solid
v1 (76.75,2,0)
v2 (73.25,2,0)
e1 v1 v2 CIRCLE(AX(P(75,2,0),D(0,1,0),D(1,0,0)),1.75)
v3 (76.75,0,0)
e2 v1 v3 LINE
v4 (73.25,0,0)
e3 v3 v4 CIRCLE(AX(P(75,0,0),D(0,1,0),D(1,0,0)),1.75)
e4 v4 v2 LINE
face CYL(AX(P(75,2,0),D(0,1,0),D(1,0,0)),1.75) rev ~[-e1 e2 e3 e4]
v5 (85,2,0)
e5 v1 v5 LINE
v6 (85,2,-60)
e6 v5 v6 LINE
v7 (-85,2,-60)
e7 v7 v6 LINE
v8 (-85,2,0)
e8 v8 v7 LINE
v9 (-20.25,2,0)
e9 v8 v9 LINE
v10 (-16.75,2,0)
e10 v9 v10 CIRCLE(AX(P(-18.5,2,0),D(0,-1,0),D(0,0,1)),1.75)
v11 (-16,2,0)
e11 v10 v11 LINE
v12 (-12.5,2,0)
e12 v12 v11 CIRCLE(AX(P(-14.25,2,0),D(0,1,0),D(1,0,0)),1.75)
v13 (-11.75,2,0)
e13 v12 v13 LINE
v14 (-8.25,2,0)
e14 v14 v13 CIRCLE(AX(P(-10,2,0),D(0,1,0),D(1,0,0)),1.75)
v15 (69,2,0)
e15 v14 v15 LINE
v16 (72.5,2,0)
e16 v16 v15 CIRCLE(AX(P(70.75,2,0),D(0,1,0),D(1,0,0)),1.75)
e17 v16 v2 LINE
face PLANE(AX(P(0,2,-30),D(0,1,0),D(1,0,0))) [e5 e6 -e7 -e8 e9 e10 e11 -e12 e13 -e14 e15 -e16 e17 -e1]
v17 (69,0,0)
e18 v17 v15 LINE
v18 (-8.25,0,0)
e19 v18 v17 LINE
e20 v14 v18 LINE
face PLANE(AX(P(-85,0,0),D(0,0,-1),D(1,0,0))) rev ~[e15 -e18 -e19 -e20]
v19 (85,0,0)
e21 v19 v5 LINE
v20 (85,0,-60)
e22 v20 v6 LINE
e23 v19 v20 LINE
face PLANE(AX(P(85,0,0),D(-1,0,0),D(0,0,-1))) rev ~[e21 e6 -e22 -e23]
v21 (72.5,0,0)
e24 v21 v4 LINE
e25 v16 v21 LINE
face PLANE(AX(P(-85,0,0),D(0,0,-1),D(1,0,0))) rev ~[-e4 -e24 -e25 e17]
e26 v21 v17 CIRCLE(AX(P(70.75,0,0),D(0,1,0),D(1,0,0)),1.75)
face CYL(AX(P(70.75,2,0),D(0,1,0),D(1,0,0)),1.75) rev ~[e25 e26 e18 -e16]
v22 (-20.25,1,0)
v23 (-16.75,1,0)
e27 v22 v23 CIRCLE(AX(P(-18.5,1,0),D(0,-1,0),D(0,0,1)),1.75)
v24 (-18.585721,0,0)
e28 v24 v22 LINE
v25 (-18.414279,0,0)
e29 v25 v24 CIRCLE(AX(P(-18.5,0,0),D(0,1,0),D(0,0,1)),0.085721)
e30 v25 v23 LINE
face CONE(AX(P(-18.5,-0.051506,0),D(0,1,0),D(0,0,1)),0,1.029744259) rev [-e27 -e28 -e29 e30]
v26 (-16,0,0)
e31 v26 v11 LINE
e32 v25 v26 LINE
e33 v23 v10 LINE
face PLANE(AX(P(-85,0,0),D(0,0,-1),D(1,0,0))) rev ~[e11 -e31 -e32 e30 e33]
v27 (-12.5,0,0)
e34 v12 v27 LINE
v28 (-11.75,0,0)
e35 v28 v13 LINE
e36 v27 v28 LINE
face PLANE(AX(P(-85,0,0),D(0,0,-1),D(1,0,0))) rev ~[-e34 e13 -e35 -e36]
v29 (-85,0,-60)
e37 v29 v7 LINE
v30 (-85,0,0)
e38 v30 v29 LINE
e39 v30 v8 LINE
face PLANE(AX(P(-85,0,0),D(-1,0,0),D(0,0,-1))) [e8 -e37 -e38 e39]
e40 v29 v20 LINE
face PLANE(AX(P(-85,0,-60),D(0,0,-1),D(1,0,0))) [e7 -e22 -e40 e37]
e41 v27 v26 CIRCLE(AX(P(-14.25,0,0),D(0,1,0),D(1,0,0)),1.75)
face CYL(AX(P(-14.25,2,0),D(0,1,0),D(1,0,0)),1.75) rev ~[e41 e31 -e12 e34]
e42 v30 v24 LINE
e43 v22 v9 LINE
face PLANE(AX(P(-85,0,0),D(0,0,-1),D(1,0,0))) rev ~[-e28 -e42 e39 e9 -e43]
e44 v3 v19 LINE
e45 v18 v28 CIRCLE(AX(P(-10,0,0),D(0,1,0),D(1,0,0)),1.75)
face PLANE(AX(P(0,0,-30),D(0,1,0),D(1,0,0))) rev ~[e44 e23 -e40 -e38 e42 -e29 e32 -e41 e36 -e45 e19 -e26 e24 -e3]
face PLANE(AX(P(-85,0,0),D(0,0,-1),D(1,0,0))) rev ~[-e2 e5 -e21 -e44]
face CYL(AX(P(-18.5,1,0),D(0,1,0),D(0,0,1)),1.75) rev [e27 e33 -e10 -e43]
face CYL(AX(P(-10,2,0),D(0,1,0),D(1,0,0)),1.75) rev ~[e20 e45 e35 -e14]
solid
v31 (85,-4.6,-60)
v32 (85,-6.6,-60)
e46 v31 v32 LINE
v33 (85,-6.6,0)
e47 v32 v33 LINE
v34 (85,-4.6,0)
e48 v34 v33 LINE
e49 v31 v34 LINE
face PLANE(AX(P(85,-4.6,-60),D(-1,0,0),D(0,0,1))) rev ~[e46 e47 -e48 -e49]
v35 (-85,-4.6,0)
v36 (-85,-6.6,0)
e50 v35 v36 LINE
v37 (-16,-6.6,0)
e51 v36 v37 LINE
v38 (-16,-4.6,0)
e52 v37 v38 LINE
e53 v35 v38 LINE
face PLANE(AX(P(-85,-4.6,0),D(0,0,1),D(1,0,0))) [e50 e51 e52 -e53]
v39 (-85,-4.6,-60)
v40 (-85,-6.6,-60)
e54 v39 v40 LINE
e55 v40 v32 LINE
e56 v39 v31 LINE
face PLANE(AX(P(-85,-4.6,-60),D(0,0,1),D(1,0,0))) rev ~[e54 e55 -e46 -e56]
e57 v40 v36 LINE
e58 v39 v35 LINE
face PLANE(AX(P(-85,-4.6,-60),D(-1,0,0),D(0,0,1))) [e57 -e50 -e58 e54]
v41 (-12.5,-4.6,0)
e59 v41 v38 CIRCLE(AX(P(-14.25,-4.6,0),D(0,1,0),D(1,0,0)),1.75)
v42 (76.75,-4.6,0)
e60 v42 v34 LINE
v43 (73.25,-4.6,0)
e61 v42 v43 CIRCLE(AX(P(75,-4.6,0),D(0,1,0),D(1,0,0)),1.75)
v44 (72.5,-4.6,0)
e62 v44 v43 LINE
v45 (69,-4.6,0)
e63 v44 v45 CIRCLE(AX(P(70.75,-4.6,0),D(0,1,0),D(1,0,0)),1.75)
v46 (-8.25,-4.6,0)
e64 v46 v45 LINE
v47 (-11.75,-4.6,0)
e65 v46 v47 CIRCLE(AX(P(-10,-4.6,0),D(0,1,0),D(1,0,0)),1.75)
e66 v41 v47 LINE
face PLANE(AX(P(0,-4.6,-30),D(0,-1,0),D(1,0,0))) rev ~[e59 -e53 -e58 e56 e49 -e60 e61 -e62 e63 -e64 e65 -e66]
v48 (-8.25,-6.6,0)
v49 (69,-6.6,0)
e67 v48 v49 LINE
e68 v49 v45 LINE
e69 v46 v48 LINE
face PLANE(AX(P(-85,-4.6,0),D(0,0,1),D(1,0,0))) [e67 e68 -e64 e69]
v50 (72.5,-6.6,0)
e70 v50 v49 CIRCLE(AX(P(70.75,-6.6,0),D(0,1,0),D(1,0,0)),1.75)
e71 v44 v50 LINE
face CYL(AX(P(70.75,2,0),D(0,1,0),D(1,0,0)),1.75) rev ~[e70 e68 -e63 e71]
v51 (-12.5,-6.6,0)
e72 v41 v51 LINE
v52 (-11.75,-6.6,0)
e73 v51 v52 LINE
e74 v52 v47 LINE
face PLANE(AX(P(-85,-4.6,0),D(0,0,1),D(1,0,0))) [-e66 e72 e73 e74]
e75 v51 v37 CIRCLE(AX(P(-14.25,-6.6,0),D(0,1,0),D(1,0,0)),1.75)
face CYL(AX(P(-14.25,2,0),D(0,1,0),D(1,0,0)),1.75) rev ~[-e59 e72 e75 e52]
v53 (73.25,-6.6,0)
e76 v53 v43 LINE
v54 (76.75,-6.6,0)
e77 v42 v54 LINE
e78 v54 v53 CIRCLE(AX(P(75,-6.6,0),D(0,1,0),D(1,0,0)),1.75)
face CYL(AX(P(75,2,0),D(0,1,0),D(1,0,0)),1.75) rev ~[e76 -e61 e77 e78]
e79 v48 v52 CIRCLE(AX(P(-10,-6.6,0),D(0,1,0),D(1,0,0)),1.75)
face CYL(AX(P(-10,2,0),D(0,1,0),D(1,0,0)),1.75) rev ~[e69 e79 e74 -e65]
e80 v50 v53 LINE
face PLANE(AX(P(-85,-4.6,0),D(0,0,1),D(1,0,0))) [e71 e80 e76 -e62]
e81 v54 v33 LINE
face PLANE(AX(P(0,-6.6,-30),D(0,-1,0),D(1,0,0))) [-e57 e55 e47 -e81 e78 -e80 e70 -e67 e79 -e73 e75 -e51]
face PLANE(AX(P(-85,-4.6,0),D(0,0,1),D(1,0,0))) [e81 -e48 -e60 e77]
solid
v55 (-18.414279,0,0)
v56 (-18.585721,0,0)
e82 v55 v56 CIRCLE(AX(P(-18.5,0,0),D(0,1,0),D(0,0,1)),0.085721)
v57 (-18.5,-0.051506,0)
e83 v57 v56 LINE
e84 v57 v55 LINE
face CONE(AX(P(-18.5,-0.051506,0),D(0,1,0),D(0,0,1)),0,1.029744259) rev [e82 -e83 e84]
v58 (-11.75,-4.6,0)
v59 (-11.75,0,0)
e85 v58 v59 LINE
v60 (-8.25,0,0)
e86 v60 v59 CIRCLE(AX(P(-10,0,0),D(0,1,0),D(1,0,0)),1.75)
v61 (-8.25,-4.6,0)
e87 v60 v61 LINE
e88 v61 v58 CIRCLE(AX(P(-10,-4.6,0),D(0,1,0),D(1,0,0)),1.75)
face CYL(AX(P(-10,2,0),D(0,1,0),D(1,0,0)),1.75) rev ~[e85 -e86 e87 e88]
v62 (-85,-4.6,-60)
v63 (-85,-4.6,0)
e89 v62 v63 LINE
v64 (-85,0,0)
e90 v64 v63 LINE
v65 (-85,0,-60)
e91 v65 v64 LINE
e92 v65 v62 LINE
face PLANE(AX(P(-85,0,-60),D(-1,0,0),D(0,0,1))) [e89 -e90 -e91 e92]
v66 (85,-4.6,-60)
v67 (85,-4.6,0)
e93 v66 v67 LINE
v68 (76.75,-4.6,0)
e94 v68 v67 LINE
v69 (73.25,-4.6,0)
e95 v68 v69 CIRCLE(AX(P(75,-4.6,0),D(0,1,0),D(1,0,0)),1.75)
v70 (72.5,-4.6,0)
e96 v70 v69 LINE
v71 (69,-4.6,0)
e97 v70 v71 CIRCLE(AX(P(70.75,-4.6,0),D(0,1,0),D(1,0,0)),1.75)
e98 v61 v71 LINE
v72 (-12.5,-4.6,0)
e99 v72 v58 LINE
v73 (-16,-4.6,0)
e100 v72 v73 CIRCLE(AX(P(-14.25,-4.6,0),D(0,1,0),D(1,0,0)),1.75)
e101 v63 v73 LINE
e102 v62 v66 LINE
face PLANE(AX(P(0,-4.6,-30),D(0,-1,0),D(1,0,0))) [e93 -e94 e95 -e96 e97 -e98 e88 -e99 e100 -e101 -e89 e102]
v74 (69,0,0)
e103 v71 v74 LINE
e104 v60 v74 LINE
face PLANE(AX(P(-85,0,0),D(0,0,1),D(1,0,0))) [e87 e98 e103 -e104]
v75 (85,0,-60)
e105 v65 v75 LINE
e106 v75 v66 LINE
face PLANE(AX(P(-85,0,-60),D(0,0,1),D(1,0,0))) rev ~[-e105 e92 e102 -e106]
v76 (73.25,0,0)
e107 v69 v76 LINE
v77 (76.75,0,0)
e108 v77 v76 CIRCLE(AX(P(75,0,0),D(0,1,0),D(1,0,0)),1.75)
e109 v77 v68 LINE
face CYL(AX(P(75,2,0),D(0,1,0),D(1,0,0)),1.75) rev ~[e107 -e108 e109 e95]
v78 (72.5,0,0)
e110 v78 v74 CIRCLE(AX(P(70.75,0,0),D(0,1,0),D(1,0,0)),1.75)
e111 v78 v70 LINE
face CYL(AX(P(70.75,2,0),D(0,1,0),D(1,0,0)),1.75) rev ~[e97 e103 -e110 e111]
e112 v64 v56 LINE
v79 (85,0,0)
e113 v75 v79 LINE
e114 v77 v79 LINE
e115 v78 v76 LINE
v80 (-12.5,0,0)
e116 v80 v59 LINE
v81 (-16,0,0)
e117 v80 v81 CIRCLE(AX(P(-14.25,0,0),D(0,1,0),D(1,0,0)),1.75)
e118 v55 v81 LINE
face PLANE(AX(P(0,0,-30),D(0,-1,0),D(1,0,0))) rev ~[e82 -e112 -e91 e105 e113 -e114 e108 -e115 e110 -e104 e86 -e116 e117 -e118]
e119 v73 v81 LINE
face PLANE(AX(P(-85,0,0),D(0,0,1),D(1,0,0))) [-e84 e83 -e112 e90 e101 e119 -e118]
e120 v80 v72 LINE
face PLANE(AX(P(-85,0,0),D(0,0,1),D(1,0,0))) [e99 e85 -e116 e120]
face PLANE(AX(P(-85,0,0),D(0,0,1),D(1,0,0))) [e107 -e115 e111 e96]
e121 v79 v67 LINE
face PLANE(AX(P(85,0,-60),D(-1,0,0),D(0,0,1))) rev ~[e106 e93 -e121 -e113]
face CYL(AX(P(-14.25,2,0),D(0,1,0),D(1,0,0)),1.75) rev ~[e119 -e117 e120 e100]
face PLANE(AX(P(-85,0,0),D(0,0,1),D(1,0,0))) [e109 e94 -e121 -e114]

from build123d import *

# Parameters (mm, degrees)
SKETCH1_W           = 170
SKETCH1_H           = 60
BOSS_EXTRUDE1_DEPTH = 2
SKETCH2_W           = 170
SKETCH2_H           = 60
BOSS_EXTRUDE2_DEPTH = 4.6
SKETCH3_W           = 170
SKETCH3_H           = 60
BOSS_EXTRUDE3_DEPTH = 2
SKETCH4_R           = 1.75
CUT_EXTRUDE1_DEPTH  = 105.398084274


with BuildPart() as part:
    # Sketch1 → Boss-Extrude1 (new body)
    with BuildSketch(Plane(origin=(0, 0, 0), x_dir=(1, 0, 0), z_dir=(0, 1, 0))):
        with Locations((0, 30)):
            Rectangle(SKETCH1_W, SKETCH1_H)
    extrude(amount=BOSS_EXTRUDE1_DEPTH)


with BuildPart() as body_2:
    # Sketch2 → Boss-Extrude2 (new body)
    with BuildSketch(Plane.XZ):
        with Locations((0, -30)):
            Rectangle(SKETCH2_W, SKETCH2_H)
    extrude(amount=BOSS_EXTRUDE2_DEPTH)


with BuildPart() as body_3:
    # Sketch3 → Boss-Extrude3 (new body)
    with BuildSketch(Plane.XZ.offset(4.6)):
        with Locations((0, -30)):
            Rectangle(SKETCH3_W, SKETCH3_H)
    extrude(amount=BOSS_EXTRUDE3_DEPTH)


with BuildPart() as cut_extrude1_tool:
    # Sketch4 → Cut-Extrude1 (new, through all)
    with BuildSketch(Plane(origin=(0, 2, 0), x_dir=(1, 0, 0), z_dir=(0, 1, 0))):
        with Locations((75, 0)):
            Circle(SKETCH4_R)
        with Locations((-10, 0)):
            Circle(SKETCH4_R)
        with Locations((70.75, 0)):
            Circle(SKETCH4_R)
        with Locations((-14.25, 0)):
            Circle(SKETCH4_R)
    extrude(amount=-CUT_EXTRUDE1_DEPTH)


with BuildPart() as part_1:
    add(part.part)

    # Cut-Extrude1: cut by cut_extrude1_tool
    add(cut_extrude1_tool.part, mode=Mode.SUBTRACT)


with BuildPart() as body_2_1:
    add(body_2.part)

    # Cut-Extrude1: cut by cut_extrude1_tool
    add(cut_extrude1_tool.part, mode=Mode.SUBTRACT)


with BuildPart() as body_3_1:
    add(body_3.part)

    # Cut-Extrude1: cut by cut_extrude1_tool
    add(cut_extrude1_tool.part, mode=Mode.SUBTRACT)


with BuildPart() as f_3_5_3_5_diameter_hole1_tool:
    # Sketch8 → Ø3.5 (3.5) Diameter Hole1 (revolve)
    with BuildSketch(Plane(origin=(-18.5, 2, 0), x_dir=(0, 0, 1), z_dir=(1, 0, 0))):
        Polygon((0, 0), (0, 2.051506083), (1.75, 1), (1.75, 0), align=None)
    revolve(axis=Axis((-18.5, 8.35, 0), (0, -1, 0)))


with BuildPart() as part_2:
    add(part_1.part)

    # Ø3.5 (3.5) Diameter Hole1: cut by f_3_5_3_5_diameter_hole1_tool
    add(f_3_5_3_5_diameter_hole1_tool.part, mode=Mode.SUBTRACT)


with BuildPart() as body_2_2:
    add(body_2_1.part)

    # Ø3.5 (3.5) Diameter Hole1: cut by f_3_5_3_5_diameter_hole1_tool
    add(f_3_5_3_5_diameter_hole1_tool.part, mode=Mode.SUBTRACT)


solid = Compound([body_3_1.part, part_2.part, body_2_2.part])
